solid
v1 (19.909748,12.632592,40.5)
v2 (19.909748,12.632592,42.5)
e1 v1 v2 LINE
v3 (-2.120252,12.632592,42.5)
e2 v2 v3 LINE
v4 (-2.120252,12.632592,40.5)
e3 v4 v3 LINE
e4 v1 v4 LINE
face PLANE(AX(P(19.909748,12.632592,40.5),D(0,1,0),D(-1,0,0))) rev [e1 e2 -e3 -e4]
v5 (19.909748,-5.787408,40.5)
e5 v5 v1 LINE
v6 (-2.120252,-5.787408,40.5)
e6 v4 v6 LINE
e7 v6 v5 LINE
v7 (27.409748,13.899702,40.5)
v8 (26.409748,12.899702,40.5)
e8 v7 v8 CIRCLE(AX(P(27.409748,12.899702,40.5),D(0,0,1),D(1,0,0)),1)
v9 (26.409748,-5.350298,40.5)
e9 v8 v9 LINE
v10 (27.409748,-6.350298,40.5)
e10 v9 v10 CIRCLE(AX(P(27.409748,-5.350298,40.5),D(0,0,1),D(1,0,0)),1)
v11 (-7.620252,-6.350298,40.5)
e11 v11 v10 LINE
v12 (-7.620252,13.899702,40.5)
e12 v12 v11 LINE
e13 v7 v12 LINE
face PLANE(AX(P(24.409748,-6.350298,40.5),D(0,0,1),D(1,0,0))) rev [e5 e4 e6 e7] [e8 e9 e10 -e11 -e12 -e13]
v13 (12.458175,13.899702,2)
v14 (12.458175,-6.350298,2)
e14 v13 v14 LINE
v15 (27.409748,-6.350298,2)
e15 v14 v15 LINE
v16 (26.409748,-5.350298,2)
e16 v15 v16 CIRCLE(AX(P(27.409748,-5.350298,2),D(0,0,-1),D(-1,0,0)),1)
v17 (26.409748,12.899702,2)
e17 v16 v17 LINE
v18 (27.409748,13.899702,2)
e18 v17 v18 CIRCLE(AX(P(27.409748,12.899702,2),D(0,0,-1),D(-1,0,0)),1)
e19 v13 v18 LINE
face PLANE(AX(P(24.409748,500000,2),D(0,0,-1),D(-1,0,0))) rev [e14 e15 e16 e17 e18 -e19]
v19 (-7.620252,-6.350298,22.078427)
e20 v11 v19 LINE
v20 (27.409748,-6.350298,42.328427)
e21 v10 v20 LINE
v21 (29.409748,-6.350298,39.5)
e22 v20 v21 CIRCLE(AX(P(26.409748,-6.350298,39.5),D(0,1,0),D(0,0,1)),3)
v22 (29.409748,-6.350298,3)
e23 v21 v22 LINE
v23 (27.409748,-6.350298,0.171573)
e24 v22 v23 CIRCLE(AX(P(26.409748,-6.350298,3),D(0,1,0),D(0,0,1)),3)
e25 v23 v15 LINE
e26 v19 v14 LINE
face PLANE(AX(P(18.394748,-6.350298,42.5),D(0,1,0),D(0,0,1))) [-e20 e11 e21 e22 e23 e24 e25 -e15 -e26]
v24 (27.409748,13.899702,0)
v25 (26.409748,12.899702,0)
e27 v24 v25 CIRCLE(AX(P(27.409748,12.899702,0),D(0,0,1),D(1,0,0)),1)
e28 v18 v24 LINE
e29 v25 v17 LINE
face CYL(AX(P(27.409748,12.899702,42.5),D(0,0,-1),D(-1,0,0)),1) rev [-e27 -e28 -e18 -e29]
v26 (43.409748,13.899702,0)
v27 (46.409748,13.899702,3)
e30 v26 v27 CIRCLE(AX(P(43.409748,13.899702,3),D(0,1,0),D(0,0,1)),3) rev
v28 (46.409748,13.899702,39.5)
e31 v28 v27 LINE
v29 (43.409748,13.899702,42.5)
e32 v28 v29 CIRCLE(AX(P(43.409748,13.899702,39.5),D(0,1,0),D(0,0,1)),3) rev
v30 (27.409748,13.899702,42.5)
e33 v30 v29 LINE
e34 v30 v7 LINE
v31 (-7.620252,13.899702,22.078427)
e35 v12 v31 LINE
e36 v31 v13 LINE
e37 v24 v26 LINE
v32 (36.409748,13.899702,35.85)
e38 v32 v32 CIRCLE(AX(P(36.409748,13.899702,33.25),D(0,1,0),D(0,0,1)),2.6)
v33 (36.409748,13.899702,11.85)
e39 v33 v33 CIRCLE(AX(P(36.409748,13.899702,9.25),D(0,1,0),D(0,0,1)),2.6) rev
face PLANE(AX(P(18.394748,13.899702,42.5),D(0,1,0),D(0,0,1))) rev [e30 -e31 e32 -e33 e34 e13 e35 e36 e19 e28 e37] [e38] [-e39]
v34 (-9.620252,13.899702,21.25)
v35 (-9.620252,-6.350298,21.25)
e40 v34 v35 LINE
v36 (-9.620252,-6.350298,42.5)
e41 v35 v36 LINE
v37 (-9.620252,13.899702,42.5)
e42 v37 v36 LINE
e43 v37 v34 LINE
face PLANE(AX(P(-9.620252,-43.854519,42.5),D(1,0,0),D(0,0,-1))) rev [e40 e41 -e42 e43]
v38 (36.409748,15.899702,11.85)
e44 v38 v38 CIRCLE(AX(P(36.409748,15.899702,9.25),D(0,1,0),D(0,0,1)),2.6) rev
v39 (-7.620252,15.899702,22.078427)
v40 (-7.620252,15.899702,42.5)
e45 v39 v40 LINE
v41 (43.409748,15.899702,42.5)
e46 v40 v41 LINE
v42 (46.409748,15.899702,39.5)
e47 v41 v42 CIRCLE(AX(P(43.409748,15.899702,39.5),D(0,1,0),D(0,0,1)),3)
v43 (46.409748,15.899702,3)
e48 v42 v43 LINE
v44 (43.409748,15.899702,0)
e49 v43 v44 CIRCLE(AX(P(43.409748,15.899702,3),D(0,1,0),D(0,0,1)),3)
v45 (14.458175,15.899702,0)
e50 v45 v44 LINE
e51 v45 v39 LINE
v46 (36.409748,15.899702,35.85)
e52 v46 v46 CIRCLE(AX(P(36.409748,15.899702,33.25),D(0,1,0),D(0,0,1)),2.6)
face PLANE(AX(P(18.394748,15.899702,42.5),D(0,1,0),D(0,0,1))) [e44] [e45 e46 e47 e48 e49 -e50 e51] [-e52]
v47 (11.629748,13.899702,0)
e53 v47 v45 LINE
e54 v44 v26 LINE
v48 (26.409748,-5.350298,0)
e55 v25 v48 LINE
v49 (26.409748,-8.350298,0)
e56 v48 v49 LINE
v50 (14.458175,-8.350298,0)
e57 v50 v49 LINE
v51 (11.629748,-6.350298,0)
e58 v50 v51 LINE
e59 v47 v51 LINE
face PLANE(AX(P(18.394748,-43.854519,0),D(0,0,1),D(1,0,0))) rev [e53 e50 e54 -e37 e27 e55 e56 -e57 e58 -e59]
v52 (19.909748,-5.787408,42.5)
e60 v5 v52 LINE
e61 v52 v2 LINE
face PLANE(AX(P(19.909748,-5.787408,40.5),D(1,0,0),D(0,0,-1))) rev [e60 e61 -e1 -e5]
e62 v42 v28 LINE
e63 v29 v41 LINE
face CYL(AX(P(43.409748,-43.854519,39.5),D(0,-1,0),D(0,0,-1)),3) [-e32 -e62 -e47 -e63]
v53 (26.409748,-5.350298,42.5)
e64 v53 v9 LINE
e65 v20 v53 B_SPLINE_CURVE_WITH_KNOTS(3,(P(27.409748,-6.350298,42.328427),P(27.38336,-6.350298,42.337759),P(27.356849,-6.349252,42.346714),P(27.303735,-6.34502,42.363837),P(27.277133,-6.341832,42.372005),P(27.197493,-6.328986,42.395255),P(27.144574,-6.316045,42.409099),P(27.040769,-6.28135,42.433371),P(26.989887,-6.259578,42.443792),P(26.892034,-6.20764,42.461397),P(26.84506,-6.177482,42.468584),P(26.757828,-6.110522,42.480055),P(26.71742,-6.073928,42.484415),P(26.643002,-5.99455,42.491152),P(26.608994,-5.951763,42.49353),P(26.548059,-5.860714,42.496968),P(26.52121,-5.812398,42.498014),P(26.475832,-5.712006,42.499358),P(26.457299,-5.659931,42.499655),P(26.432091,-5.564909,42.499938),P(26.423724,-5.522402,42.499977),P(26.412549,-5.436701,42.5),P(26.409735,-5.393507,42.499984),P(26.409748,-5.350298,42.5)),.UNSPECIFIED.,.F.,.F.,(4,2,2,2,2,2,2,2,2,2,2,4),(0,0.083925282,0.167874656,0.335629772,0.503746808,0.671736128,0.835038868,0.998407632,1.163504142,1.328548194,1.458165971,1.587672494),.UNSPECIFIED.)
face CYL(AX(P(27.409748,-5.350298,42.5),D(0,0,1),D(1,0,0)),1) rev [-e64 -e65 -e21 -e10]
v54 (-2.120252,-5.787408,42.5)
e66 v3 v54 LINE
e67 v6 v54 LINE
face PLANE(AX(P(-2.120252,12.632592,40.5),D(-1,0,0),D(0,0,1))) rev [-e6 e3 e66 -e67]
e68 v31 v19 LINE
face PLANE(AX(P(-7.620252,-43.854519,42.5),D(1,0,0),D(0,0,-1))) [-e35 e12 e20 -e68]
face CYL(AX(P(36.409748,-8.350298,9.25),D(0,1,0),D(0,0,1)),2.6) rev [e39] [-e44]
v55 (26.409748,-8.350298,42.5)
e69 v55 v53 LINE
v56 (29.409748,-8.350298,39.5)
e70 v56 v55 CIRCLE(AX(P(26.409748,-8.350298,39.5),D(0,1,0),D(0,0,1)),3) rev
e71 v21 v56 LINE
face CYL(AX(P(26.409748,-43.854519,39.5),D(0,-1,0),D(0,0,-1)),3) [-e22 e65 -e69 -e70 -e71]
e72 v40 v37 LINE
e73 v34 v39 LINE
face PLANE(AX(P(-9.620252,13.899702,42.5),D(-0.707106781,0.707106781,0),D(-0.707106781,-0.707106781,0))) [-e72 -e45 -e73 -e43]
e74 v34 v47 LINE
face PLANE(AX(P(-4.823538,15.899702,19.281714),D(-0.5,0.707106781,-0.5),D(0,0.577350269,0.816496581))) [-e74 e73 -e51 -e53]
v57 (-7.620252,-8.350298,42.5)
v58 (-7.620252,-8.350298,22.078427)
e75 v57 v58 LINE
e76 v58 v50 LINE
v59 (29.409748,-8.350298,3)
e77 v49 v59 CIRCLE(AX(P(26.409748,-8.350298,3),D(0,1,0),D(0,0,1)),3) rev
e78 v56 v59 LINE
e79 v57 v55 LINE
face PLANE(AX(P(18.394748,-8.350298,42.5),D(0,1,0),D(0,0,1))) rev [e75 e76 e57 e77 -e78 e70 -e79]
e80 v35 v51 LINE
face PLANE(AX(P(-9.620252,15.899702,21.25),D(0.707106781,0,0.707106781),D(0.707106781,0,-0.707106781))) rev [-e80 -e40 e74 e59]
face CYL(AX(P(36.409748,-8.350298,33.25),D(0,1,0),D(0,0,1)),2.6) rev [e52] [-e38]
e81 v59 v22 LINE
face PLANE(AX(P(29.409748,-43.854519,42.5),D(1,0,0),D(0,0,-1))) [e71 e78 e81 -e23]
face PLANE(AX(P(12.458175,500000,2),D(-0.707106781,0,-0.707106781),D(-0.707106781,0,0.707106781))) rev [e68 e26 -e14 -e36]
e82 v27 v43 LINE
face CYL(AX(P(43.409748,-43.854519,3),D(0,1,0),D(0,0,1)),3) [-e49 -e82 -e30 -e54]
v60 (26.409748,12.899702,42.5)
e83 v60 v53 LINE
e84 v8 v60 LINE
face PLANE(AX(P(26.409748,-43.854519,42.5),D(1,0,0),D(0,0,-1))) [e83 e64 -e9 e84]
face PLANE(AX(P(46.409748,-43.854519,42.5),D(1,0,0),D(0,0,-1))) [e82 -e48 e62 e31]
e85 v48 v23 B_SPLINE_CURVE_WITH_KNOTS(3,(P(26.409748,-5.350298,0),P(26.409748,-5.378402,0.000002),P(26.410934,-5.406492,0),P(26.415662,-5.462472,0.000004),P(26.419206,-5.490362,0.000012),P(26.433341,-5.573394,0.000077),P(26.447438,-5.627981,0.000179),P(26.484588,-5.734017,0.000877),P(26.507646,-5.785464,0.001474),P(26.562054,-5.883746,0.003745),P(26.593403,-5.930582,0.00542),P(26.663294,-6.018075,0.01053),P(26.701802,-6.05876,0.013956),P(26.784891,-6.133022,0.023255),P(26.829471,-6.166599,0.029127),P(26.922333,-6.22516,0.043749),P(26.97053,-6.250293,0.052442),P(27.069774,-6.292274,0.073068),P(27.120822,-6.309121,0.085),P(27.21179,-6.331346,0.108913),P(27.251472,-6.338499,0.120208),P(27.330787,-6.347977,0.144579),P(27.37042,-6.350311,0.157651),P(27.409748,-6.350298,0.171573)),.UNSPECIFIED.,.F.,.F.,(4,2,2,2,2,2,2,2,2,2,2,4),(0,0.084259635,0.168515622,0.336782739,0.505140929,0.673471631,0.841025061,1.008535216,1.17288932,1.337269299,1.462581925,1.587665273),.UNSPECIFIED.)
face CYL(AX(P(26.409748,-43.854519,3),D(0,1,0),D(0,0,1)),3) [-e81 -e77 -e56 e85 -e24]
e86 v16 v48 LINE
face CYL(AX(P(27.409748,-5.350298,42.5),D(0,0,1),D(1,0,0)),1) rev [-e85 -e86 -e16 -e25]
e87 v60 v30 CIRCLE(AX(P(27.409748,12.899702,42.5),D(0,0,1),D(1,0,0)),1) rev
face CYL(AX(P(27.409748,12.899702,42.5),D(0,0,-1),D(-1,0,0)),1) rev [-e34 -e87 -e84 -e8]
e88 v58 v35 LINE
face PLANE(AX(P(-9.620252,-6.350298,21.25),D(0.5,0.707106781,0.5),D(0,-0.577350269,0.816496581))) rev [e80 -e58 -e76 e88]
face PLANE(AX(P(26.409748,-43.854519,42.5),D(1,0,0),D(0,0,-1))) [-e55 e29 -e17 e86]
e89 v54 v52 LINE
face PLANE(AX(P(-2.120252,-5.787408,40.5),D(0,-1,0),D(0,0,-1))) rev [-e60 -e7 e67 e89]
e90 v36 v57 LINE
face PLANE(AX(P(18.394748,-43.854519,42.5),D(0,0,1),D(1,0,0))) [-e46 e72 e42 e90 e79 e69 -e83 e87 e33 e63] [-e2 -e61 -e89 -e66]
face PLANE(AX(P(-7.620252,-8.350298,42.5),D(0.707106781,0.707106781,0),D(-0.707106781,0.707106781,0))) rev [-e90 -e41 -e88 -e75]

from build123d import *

# Parameters (mm, degrees)
SKETCH1_W           = 32.03
SKETCH1_H           = 20.25
BOSS_EXTRUDE1_DEPTH = 42.5
SKETCH2_W           = 32.03
SKETCH2_H           = 20.25
SKETCH2_W_2         = 22.03
SKETCH2_H_2         = 18.42
BOSS_EXTRUDE2_DEPTH = 2
CUT_EXTRUDE1_DEPTH  = 25.25
FILLET1_R           = 3
SKETCH6_R           = 2.6
CUT_EXTRUDE3_DEPTH  = 25.25
CHAMFER2_SIZE       = 2
BOSS_EXTRUDE3_REACH = 24.25
CUT_EXTRUDE4_REACH  = 38.03
SKETCH8_W           = 38.5
SKETCH8_H           = 20.25
FILLET2_R           = 1


with BuildPart() as part:
    # Sketch1 → Boss-Extrude1 (new body)
    with BuildSketch(Plane.XY):
        Polygon((26.409748294, 13.899702025), (26.409748294, -6.350297975), (29.409748294, -6.350297975), (29.409748294, -8.350297975), (-9.620251706, -8.350297975), (-9.620251706, 15.899702025), (46.409748294, 15.899702025), (46.409748294, 13.899702025), align=None)
        with Locations((8.394748294, 3.774702025)):
            Rectangle(SKETCH1_W, SKETCH1_H, mode=Mode.SUBTRACT)
    extrude(amount=BOSS_EXTRUDE1_DEPTH)

    # Sketch2 → Boss-Extrude2 (add)
    with BuildSketch(Plane.XY.offset(42.5)):
        with Locations((8.394748294, 3.774702025)):
            Rectangle(SKETCH2_W, SKETCH2_H)
        with Locations((8.894748294, 3.422592454)):
            Rectangle(SKETCH2_W_2, SKETCH2_H_2, mode=Mode.SUBTRACT)
    extrude(amount=-BOSS_EXTRUDE2_DEPTH)

    # Sketch3 → Cut-Extrude1 (cut, through all)
    with BuildSketch(Plane.XZ.offset(8.350297975)):
        Polygon((-9.620251706, 0), (-9.620251706, 21.25), (11.629748294, 0), align=None)
    extrude(amount=-CUT_EXTRUDE1_DEPTH, mode=Mode.SUBTRACT)

    # Fillet1
    fillet1_edges = [part.edges().sort_by_distance(p)[0] for p in [
        (46.409748294, 14.899702025, 0),
        (29.409748294, -7.350297975, 0),
        (46.409748294, 14.899702025, 42.5),
        (29.409748294, -7.350297975, 42.5),
    ]]
    fillet(fillet1_edges, radius=FILLET1_R)

    # Sketch6 → Cut-Extrude3 (cut, through all)
    with BuildSketch(Plane(origin=(0, 15.899702025, 0), x_dir=(1, 0, 0), z_dir=(0, 1, 0))):
        with Locations((36.409748294, -33.25)):
            Circle(SKETCH6_R)
        with Locations((36.409748294, -9.25)):
            Circle(SKETCH6_R)
    extrude(amount=-CUT_EXTRUDE3_DEPTH, mode=Mode.SUBTRACT)

    # Chamfer2
    chamfer2_edges = [part.edges().sort_by_distance(p)[0] for p in [
        (1.004748294, 15.899702025, 10.625),
        (-9.620251706, 15.899702025, 31.875),
        (1.004748294, -8.350297975, 10.625),
        (-9.620251706, -8.350297975, 31.875),
    ]]
    chamfer(chamfer2_edges, length=CHAMFER2_SIZE)

    # Sketch7 → Boss-Extrude3 (add, up to next)
    with BuildSketch(Plane(origin=(0, -6.350297975, 0), x_dir=(1, 0, 0), z_dir=(0, 1, 0)), mode=Mode.PRIVATE) as boss_extrude3_sk1:
        Polygon((24.409748294, 0), (11.629748294, 0), (-7.620251706, -19.25), (-7.620251706, -22.078427125), (12.458175419, -2), (24.409748294, -2), align=None)
    boss_extrude3_tool1 = extrude(boss_extrude3_sk1.sketch, amount=BOSS_EXTRUDE3_REACH, mode=Mode.PRIVATE) - part.part
    add(boss_extrude3_tool1.solids().sort_by_distance((18.019748, -6.350298, 0.389022))[0])

    # Sketch8 → Cut-Extrude4 (cut, up to next)
    with BuildSketch(Plane(origin=(26.409748294, 0, 0), x_dir=(0, 0, -1), z_dir=(1, 0, 0)), mode=Mode.PRIVATE) as cut_extrude4_sk1:
        with Locations((-21.25, 3.774702025)):
            Rectangle(SKETCH8_W, SKETCH8_H)
    cut_extrude4_tool1 = extrude(cut_extrude4_sk1.sketch, amount=-CUT_EXTRUDE4_REACH, mode=Mode.PRIVATE) & part.part
    add(cut_extrude4_tool1.solids().sort_by_distance((26.409748, 3.774702, 21.25))[0], mode=Mode.SUBTRACT)

    # Fillet2
    fillet2_edges = [part.edges().sort_by_distance(p)[0] for p in [
        (26.409748294, 13.899702025, 1),
        (26.409748294, -6.350297975, 1),
        (26.409748294, 13.899702025, 41.5),
        (26.409748294, -6.350297975, 41.5),
    ]]
    fillet(fillet2_edges, radius=FILLET2_R)


solid = part.part
